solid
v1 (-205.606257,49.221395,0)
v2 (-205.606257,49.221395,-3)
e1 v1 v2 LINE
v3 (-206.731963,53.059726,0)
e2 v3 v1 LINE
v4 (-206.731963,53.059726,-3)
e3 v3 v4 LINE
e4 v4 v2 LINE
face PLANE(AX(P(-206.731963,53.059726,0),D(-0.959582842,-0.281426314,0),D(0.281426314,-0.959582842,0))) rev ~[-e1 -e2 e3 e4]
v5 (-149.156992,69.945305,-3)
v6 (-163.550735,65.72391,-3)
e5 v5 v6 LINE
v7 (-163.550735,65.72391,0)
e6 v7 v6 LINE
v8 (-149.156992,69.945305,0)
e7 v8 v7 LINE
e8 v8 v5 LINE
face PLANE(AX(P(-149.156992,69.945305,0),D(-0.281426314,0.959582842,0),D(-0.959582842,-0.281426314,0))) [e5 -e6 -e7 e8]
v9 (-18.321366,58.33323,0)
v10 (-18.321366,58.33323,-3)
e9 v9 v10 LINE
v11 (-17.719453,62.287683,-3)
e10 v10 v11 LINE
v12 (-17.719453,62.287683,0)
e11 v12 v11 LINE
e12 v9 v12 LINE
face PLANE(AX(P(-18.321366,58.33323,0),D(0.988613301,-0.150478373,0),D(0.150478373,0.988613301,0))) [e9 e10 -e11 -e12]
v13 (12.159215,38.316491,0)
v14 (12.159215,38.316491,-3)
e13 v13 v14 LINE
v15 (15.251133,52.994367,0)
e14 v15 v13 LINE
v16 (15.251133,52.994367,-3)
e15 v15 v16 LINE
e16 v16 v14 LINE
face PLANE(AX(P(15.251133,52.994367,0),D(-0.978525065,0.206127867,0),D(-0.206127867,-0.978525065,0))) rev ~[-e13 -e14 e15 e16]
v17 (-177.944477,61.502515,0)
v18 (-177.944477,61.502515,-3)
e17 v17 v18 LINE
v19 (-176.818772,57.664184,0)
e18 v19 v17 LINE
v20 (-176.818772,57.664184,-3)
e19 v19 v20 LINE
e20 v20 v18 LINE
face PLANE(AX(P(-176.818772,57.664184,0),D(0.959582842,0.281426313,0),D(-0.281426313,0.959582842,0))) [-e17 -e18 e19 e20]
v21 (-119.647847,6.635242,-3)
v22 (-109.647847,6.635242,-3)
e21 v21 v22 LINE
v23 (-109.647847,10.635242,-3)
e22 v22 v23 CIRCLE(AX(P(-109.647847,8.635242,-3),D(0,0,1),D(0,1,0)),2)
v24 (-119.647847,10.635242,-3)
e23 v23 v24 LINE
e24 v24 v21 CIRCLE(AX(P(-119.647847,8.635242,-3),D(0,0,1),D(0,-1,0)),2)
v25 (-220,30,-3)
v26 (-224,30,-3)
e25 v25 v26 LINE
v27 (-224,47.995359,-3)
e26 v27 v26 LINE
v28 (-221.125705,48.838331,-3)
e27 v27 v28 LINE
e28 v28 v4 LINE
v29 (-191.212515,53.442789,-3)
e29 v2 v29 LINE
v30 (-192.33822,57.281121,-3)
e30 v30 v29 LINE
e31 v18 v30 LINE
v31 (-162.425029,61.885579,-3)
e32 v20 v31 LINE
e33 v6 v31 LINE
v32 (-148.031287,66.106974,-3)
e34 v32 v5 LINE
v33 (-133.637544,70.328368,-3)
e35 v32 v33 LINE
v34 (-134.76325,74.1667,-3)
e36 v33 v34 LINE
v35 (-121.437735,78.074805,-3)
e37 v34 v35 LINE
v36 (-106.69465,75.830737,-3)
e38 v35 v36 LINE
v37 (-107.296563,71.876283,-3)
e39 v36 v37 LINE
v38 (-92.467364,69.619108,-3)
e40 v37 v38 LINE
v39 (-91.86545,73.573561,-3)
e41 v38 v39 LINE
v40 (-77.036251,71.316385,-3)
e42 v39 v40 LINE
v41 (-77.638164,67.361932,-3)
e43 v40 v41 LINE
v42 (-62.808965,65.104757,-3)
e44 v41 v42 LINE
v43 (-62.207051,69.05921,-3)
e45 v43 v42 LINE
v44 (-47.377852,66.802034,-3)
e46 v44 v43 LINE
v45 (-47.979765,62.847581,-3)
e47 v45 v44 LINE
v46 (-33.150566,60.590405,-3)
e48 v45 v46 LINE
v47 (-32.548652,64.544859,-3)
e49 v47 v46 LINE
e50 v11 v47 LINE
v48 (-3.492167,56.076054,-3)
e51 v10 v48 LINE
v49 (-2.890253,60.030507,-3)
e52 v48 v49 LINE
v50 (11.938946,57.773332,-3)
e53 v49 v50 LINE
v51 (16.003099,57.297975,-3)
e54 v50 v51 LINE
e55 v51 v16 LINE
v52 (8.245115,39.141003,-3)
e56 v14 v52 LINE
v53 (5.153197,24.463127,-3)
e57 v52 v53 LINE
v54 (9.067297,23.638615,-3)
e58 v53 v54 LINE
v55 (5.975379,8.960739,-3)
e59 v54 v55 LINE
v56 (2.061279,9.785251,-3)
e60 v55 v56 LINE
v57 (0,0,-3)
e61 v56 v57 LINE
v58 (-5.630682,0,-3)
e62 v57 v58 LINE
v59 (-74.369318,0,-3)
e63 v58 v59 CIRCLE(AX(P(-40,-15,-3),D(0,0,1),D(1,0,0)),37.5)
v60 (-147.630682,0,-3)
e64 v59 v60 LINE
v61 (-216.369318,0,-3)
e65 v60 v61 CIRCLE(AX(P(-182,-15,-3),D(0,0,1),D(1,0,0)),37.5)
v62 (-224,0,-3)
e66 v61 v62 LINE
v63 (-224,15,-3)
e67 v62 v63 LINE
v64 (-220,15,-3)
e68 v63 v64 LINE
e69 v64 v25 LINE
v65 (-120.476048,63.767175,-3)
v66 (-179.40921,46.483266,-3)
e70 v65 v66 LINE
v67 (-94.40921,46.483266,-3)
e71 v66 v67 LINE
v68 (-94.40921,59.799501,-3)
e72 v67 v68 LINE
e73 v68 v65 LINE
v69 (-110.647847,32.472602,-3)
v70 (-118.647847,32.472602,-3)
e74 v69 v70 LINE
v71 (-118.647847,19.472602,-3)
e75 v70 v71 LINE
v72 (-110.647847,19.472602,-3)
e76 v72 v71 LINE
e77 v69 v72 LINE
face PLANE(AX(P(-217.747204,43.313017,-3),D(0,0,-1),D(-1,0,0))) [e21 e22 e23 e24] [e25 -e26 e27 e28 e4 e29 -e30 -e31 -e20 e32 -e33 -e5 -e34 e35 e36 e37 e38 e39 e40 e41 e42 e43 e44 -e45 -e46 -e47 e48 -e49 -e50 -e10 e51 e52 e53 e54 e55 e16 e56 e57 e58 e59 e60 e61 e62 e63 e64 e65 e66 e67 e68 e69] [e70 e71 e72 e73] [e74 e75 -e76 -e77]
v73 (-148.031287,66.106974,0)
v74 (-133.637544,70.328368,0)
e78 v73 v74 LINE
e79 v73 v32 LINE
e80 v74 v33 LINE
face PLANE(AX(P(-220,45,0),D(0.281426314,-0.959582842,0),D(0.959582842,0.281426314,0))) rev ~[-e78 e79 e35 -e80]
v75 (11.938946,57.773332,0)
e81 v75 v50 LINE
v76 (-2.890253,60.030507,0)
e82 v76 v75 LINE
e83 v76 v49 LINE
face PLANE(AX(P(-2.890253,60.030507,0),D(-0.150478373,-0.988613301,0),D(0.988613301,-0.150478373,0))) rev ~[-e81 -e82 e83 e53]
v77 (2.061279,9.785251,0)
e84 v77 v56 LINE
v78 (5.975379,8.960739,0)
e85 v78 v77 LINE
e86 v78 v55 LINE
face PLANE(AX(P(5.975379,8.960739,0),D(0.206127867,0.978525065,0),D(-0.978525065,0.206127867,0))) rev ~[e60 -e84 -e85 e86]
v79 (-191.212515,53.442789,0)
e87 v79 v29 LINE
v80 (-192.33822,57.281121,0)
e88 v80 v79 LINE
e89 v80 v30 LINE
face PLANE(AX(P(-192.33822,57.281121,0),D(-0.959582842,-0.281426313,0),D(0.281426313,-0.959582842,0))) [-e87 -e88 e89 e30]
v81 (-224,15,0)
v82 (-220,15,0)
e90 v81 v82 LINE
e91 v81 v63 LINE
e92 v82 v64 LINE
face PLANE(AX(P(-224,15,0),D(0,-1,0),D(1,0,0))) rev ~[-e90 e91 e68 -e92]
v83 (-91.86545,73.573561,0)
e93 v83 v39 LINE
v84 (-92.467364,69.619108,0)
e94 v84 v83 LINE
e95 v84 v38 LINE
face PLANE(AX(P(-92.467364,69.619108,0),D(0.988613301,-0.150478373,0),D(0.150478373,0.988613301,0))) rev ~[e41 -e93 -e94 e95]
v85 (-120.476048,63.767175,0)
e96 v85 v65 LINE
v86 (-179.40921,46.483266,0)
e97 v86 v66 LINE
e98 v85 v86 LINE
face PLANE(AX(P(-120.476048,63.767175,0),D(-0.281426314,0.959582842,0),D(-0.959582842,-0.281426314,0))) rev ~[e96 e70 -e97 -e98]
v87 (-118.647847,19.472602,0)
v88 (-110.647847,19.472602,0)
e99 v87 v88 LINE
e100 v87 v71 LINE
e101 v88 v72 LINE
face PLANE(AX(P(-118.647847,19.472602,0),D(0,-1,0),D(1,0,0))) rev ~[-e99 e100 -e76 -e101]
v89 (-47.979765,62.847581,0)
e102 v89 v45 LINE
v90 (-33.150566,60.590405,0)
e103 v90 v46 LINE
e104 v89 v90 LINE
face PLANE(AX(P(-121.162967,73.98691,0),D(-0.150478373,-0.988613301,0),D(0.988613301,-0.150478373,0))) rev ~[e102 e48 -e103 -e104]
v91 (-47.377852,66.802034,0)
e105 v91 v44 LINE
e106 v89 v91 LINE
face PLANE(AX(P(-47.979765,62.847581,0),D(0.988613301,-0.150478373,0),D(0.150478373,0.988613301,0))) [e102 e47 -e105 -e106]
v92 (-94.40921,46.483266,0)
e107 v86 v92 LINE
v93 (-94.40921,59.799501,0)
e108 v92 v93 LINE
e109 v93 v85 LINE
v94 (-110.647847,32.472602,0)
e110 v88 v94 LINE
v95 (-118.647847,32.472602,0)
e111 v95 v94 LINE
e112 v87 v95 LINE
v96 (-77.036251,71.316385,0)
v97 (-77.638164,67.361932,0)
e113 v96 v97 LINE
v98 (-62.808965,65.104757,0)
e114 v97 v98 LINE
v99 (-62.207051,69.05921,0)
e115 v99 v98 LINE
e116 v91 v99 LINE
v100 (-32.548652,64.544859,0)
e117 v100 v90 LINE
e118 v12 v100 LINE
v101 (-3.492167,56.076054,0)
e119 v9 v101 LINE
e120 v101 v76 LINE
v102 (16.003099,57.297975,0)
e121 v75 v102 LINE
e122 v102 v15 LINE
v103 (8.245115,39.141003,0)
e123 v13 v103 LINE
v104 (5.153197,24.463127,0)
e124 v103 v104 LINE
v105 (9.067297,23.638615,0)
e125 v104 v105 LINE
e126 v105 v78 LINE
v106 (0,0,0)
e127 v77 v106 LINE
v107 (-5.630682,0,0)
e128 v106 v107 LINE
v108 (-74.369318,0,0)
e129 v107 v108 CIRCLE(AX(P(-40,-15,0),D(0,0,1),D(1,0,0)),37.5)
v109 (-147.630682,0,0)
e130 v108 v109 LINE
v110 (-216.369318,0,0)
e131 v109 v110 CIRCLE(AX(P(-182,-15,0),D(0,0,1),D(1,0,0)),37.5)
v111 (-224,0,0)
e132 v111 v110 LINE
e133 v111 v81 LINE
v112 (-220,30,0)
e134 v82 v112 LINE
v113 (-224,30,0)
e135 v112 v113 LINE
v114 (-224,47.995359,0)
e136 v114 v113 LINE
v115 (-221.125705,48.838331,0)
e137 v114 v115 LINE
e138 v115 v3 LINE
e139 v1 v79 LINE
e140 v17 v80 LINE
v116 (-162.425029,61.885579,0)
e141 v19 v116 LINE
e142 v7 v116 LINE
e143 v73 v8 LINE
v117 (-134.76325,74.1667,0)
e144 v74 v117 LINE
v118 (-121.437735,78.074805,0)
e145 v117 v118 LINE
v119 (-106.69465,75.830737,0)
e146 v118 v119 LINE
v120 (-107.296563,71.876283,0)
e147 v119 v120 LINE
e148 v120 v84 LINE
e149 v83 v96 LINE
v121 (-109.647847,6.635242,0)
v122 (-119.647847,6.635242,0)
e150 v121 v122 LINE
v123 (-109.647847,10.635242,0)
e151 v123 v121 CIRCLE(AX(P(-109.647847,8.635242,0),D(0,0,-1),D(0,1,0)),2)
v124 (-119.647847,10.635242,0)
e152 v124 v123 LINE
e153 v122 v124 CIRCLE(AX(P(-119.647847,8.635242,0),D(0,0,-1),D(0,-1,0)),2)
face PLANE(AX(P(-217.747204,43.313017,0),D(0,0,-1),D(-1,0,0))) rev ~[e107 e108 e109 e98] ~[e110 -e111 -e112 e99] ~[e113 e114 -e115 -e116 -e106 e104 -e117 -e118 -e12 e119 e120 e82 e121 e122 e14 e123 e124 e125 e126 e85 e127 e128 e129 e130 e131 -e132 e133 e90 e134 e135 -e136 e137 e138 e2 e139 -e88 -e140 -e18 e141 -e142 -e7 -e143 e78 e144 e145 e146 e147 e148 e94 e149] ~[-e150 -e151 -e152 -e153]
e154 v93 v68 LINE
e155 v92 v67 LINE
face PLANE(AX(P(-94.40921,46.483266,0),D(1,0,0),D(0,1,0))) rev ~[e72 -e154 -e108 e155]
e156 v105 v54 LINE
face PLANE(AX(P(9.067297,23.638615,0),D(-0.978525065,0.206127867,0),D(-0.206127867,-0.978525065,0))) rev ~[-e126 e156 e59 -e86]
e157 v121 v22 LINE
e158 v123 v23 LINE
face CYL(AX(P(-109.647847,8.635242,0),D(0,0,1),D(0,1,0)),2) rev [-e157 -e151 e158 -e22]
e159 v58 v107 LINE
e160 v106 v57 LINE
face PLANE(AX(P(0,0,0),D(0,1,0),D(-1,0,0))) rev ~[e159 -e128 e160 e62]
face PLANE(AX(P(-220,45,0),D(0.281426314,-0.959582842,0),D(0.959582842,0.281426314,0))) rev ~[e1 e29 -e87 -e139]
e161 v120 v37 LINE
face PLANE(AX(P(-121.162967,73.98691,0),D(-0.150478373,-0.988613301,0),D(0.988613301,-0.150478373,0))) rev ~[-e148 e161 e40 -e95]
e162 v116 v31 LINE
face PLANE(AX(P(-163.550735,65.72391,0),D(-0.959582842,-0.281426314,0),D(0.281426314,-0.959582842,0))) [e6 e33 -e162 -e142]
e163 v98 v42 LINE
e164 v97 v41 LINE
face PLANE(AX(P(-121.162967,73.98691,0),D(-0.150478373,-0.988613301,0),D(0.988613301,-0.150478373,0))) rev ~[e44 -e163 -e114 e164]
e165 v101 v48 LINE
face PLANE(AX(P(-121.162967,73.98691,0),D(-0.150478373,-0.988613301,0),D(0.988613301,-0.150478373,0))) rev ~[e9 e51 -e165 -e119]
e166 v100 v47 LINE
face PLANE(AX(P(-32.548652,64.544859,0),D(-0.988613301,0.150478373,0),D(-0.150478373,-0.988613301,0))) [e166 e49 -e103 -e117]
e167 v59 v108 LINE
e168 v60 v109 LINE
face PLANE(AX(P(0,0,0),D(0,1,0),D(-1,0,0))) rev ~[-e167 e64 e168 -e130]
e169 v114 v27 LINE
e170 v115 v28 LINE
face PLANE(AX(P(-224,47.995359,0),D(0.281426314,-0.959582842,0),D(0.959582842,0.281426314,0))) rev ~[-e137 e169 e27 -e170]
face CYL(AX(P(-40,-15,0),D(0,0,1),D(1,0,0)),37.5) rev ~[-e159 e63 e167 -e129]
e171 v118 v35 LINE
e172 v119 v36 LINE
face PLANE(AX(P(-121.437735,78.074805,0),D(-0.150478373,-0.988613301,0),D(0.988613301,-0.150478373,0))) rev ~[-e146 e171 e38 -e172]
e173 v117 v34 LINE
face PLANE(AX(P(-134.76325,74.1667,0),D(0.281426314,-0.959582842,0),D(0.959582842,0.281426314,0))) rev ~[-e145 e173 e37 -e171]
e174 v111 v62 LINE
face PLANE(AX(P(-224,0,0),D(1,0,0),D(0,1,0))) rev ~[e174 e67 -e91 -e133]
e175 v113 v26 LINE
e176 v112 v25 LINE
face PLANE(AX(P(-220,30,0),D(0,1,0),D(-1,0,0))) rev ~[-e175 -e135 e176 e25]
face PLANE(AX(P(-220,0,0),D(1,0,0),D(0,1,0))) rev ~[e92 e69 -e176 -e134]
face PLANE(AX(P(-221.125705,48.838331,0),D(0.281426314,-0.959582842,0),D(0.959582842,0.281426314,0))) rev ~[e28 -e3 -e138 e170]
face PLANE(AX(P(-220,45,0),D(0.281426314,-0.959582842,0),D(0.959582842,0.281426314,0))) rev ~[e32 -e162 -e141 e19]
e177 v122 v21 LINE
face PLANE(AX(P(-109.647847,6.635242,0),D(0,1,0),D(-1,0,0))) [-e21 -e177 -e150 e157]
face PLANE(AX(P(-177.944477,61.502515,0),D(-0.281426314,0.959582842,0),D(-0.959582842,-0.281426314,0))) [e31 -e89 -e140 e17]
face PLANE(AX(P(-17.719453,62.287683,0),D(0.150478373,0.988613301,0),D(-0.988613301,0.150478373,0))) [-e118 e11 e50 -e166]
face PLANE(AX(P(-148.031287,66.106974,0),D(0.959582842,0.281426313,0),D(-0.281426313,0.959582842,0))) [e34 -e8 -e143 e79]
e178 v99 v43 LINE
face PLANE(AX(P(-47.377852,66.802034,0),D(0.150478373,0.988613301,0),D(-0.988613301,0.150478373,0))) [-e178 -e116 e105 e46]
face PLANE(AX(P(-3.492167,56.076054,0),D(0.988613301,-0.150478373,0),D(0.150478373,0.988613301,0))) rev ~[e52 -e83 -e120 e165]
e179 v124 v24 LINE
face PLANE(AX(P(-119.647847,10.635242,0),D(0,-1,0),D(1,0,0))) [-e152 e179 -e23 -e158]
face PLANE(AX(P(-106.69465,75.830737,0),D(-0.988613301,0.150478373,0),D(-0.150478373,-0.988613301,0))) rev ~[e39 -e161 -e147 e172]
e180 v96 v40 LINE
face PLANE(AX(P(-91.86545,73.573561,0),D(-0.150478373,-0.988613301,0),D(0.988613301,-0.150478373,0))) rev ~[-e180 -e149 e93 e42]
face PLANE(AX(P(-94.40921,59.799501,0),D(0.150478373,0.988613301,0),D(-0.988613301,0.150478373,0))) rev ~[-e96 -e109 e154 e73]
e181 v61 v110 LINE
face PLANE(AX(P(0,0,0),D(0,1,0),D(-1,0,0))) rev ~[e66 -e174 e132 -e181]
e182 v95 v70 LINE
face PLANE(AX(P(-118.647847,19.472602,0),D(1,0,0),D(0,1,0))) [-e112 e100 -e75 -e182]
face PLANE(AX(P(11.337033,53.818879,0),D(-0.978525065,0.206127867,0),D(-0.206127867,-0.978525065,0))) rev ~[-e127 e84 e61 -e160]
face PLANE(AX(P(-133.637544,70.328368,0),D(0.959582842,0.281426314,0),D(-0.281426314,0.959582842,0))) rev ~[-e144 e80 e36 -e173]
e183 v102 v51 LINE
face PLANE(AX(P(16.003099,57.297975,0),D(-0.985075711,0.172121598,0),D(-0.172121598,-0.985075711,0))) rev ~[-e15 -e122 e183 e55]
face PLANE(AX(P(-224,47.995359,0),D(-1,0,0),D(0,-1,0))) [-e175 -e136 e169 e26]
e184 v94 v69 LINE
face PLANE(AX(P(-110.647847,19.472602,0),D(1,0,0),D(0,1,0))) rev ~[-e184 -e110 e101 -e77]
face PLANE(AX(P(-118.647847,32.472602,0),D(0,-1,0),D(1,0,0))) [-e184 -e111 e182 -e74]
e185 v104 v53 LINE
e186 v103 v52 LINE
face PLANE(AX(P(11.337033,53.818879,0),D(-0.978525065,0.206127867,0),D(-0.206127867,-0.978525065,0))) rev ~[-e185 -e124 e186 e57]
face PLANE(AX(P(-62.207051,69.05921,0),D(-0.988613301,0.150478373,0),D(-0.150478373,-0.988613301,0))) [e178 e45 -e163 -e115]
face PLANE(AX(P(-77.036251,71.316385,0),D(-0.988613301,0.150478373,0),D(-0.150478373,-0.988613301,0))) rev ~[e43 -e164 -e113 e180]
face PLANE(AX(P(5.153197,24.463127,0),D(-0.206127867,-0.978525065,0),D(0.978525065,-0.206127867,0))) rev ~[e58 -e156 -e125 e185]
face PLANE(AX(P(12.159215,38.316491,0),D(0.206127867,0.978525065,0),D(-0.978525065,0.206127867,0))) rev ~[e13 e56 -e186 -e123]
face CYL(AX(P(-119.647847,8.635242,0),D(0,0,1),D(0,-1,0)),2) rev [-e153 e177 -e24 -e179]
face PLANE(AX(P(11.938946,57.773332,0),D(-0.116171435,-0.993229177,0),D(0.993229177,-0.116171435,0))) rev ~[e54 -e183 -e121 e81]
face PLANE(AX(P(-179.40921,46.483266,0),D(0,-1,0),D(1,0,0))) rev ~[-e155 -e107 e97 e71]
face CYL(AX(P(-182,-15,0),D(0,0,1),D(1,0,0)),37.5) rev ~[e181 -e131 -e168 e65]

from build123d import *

# Parameters (mm, degrees)
BOSS_EXTRUDE1_DEPTH = 3
SKETCH2_R           = 37.5
CUT_EXTRUDE1_DEPTH  = 3
SKETCH3_W           = 4
SKETCH3_H           = 15
BOSS_EXTRUDE4_DEPTH = 3
SKETCH4_W           = 8
SKETCH4_H           = 13
CUT_EXTRUDE2_DEPTH  = 10
CUT_EXTRUDE3_DEPTH  = 10


with BuildPart() as part:
    # Sketch1 → Boss-Extrude1 (new body)
    with BuildSketch(Plane.XY):
        Polygon((11.337032692, 53.818878563), (0, 0), (-220, 0), (-220, 45), (-121.162967308, 73.986910298), align=None)
        Polygon((-94.409209541, 46.483265917), (-94.409209541, 59.799500594), (-120.476048116, 63.767174765), (-179.409209541, 46.483265917), align=None, mode=Mode.SUBTRACT)
    extrude(amount=-BOSS_EXTRUDE1_DEPTH)

    # Sketch2 → Cut-Extrude1 (cut)
    with BuildSketch(Plane.XY):
        with Locations((-182, -15)):
            Circle(SKETCH2_R)
        with Locations((-40, -15)):
            Circle(SKETCH2_R)
    extrude(amount=-CUT_EXTRUDE1_DEPTH, mode=Mode.SUBTRACT)

    # Sketch3 → Boss-Extrude4 (add)
    with BuildSketch(Plane.XY):
        Polygon((-206.731962629, 53.05972607), (-205.606257375, 49.221394704), (-220, 45), (-220, 30), (-224, 30), (-224, 45), (-224, 47.99535863), (-221.125705254, 48.838331367), align=None)
        Polygon((-192.338220004, 57.281120774), (-191.21251475, 53.442789407), (-176.818772125, 57.664184111), (-177.944477379, 61.502515478), align=None)
        Polygon((-121.437734985, 78.074804512), (-106.694649955, 75.830736536), (-107.296563448, 71.876283331), (-121.162967308, 73.986910298), (-133.63754425, 70.328368222), (-134.763249504, 74.166699588), align=None)
        Polygon((-77.03625092, 71.316385344), (-77.638164413, 67.361932139), (-92.46736393, 69.619107735), (-91.865450438, 73.57356094), align=None)
        Polygon((-3.492166825, 56.076054159), (-2.890253333, 60.030507363), (11.938946184, 57.773331767), (16.003099334, 57.297974706), (15.251132951, 52.994367094), (12.159214944, 38.316491123), (8.245114685, 39.141002591), (11.337032692, 53.818878563), align=None)
        Polygon((-18.321366343, 58.333229755), (-17.719452851, 62.287682959), (-32.548652368, 64.544858556), (-33.15056586, 60.590405351), align=None)
        Polygon((-163.550734754, 65.723910181), (-162.4250295, 61.885578815), (-148.031286875, 66.106973518), (-149.156992129, 69.945304885), align=None)
        Polygon((-47.979765378, 62.847580947), (-47.377851886, 66.802034152), (-62.207051403, 69.059209748), (-62.808964895, 65.104756543), align=None)
        with Locations((-222, 7.5)):
            Rectangle(SKETCH3_W, SKETCH3_H)
        Polygon((5.153196678, 24.463126619), (9.067296937, 23.638615151), (5.97537893, 8.960739179), (2.061278671, 9.785250648), align=None)
    extrude(amount=-BOSS_EXTRUDE4_DEPTH)

    # Sketch4 → Cut-Extrude2 (cut)
    with BuildSketch(Plane.XY):
        with Locations((-114.647846568, 25.97260243)):
            Rectangle(SKETCH4_W, SKETCH4_H)
    extrude(amount=-CUT_EXTRUDE2_DEPTH, mode=Mode.SUBTRACT)

    # Sketch5 → Cut-Extrude3 (cut)
    with BuildSketch(Plane.XY):
        with BuildLine():
            Line((-119.647846568, 10.635241704), (-109.647846568, 10.635241704))
            ThreePointArc((-109.647846568, 10.635241704), (-107.647846568, 8.635241704), (-109.647846568, 6.635241704))
            Line((-109.647846568, 6.635241704), (-119.647846568, 6.635241704))
            ThreePointArc((-119.647846568, 6.635241704), (-121.647846568, 8.635241704), (-119.647846568, 10.635241704))
        make_face()
    extrude(amount=-CUT_EXTRUDE3_DEPTH, mode=Mode.SUBTRACT)


solid = part.part
